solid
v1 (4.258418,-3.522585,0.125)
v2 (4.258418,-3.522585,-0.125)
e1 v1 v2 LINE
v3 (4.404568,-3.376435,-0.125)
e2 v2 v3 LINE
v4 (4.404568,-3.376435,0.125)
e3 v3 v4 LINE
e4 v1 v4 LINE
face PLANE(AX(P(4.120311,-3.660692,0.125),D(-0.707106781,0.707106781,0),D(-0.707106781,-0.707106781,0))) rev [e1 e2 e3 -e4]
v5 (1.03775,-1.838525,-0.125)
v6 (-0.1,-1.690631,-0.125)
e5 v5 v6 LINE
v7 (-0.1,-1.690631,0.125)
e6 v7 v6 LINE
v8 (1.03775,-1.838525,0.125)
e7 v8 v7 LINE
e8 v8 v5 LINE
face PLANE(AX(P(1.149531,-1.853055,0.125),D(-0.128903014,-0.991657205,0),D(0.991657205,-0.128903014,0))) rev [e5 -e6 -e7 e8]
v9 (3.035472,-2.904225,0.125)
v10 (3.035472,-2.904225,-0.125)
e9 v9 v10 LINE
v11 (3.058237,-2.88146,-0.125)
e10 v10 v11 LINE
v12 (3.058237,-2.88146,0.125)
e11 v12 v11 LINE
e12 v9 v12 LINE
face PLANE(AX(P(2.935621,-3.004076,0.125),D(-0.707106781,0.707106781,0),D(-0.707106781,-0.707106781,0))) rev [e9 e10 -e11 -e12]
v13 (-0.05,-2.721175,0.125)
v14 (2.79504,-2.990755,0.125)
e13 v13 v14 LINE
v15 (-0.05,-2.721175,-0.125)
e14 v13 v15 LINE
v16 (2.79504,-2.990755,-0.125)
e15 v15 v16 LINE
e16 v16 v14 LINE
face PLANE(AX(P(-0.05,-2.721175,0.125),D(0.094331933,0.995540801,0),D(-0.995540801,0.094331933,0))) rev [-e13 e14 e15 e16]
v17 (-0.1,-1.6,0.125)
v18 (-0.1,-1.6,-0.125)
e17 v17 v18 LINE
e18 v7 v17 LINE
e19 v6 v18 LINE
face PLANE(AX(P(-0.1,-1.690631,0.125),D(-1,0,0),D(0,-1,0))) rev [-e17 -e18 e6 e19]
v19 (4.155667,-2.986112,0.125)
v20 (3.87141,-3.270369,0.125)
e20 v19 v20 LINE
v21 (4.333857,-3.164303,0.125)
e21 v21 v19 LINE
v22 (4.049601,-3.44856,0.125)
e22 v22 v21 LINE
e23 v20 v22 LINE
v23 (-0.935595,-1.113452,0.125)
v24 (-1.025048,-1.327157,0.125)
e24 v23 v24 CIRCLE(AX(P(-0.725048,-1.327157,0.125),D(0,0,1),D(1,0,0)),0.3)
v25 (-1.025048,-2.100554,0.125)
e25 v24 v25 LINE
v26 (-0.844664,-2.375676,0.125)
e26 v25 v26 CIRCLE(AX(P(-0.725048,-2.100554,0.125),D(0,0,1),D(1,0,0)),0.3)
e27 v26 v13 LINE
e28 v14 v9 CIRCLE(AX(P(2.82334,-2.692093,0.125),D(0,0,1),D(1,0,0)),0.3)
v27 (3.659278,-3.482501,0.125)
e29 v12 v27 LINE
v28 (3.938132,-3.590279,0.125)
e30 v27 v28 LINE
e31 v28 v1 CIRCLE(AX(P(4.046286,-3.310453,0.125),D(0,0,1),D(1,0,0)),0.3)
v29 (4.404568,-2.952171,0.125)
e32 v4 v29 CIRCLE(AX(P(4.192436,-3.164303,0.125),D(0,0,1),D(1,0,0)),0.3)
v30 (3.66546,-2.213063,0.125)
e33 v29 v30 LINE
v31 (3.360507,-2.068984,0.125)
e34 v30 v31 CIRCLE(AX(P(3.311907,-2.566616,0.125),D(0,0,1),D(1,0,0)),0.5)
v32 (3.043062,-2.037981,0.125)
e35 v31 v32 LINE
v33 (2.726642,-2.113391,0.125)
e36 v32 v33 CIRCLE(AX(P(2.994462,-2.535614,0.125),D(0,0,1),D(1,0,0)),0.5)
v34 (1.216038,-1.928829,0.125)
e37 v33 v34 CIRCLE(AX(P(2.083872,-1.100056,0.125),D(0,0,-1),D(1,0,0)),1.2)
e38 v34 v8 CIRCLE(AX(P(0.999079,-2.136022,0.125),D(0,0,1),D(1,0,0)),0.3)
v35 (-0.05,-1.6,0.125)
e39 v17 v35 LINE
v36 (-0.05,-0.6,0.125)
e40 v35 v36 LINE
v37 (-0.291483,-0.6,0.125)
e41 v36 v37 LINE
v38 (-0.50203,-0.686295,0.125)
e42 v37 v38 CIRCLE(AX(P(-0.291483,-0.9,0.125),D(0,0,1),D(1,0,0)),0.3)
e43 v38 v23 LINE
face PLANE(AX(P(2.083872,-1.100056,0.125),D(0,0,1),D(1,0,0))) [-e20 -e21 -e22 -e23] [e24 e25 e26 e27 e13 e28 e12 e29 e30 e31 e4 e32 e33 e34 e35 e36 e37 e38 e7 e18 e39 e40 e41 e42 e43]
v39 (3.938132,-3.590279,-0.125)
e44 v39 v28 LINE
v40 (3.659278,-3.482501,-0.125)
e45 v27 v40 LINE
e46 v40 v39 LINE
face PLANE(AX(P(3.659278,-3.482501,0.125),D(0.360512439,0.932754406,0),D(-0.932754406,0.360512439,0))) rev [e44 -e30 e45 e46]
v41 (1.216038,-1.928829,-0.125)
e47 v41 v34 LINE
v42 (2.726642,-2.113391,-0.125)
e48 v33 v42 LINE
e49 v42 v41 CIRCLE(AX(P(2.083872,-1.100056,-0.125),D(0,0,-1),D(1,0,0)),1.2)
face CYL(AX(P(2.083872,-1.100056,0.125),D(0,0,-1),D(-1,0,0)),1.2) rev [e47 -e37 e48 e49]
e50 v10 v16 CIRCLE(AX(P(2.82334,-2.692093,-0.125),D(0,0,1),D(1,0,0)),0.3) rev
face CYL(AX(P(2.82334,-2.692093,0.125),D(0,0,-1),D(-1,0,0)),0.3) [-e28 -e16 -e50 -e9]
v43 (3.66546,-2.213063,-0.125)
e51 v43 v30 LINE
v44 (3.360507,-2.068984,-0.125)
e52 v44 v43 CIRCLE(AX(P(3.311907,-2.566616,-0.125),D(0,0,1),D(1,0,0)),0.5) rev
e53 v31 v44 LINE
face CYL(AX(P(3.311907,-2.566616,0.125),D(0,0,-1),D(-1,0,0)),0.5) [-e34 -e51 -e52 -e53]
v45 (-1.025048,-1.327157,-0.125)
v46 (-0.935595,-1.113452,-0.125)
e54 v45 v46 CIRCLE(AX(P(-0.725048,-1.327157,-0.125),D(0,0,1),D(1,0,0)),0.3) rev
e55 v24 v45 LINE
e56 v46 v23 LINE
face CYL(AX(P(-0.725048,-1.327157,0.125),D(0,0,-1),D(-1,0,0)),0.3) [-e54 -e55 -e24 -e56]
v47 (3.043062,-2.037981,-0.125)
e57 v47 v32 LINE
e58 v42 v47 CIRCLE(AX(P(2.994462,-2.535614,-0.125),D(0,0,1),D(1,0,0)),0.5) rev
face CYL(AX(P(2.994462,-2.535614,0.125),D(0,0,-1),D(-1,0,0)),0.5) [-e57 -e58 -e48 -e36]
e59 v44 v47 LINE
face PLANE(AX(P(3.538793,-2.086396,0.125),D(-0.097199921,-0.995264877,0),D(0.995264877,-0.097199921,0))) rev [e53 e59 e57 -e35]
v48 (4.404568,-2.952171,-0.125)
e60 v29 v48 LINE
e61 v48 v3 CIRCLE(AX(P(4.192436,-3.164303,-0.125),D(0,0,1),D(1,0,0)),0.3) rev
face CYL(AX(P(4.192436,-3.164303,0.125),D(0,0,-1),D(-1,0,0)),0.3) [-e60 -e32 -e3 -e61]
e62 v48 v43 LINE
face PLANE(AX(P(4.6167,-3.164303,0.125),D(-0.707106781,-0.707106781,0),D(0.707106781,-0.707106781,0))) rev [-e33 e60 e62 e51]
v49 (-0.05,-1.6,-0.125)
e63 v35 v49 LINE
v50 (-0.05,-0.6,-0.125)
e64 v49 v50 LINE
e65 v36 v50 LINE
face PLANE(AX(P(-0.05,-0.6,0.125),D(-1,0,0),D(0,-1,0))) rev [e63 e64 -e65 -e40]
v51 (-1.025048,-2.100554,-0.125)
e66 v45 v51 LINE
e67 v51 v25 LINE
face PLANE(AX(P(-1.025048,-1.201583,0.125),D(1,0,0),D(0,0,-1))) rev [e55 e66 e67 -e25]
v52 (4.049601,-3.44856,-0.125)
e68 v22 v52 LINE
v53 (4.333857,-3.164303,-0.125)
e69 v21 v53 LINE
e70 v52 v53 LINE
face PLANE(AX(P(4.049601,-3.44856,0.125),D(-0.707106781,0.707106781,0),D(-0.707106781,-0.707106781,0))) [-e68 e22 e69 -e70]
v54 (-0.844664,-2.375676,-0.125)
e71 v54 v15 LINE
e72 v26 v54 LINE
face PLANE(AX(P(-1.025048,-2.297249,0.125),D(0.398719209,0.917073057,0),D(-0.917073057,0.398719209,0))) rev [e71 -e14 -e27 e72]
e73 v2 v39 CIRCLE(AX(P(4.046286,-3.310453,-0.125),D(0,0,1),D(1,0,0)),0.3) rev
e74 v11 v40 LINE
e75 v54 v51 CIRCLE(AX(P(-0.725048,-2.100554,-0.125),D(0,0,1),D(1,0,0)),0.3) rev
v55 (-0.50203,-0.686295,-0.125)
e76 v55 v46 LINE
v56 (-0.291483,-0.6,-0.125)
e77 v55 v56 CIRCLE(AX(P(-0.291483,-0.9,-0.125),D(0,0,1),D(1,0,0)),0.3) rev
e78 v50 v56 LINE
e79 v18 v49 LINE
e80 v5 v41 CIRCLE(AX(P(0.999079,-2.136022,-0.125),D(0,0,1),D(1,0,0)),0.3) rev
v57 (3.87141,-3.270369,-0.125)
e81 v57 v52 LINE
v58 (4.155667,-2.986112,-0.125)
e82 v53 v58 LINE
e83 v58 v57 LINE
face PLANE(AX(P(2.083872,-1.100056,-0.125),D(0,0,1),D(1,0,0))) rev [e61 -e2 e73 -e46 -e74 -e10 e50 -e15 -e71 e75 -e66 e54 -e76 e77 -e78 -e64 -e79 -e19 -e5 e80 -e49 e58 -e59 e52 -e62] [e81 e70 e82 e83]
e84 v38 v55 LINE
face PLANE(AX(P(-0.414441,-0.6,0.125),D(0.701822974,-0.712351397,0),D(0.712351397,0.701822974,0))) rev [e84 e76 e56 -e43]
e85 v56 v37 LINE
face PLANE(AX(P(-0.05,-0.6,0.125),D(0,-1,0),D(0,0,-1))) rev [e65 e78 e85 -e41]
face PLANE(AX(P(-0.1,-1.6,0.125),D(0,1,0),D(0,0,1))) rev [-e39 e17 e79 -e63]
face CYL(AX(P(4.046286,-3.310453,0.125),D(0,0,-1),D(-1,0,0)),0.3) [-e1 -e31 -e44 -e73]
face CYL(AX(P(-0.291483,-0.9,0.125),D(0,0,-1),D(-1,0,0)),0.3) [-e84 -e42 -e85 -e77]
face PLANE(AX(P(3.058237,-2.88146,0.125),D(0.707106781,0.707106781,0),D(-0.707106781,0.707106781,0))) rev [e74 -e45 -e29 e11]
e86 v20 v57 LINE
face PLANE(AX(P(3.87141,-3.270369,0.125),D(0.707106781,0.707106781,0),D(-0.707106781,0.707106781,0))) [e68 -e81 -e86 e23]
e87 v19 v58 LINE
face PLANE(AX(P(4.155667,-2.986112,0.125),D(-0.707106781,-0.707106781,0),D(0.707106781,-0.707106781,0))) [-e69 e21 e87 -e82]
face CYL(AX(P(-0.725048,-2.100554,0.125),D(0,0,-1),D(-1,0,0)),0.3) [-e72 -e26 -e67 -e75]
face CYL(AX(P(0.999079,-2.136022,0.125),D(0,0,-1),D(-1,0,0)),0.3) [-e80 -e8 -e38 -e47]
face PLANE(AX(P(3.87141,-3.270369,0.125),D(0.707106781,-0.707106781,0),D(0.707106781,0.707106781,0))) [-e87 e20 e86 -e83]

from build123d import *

# Parameters (mm, degrees)
BOSS_EXTRUDE1_DEPTH = 0.125
FILLET1_R           = 0.3
FILLET2_R           = 0.5


with BuildPart() as part:
    # frame_outline → Boss-Extrude1 (new, symmetric)
    with BuildSketch(Plane.XY):
        with BuildLine():
            Line((-0.05, -0.6), (-0.05, -1.6))
            Line((-0.05, -1.6), (-0.1, -1.6))
            Line((-0.1, -1.6), (-0.1, -1.690631342))
            Line((-0.1, -1.690631342), (1.149530794, -1.853054692))
            ThreePointArc((1.149530794, -1.853054692), (1.967232196, -2.294374324), (2.854868829, -2.019602037))
            Line((2.854868829, -2.019602037), (3.538793019, -2.08639569))
            Line((3.538793019, -2.08639569), (4.616700174, -3.164302846))
            Line((4.616700174, -3.164302846), (4.120311214, -3.660691806))
            Line((4.120311214, -3.660691806), (3.659277593, -3.482500897))
            Line((3.659277593, -3.482500897), (3.058236829, -2.881460133))
            Line((3.058236829, -2.881460133), (2.935621241, -3.004075721))
            Line((2.935621241, -3.004075721), (-0.05, -2.721174788))
            Line((-0.05, -2.721174788), (-1.025048244, -2.297249495))
            Line((-1.025048244, -2.297249495), (-1.025048244, -1.201582707))
            Line((-1.025048244, -1.201582707), (-0.414440871, -0.6))
            Line((-0.414440871, -0.6), (-0.05, -0.6))
        make_face()
        Polygon((3.871409627, -3.270368863), (4.049600536, -3.448559772), (4.333857462, -3.164302846), (4.155666553, -2.986111937), align=None, mode=Mode.SUBTRACT)
    extrude(amount=BOSS_EXTRUDE1_DEPTH, both=True)

    # Fillet1
    fillet1_edges = [part.edges().sort_by_distance(p)[0] for p in [
        (-1.025048244, -1.201582707, 0),
        (-0.414440871, -0.6, 0),
        (1.149530794, -1.853054692, 0),
        (4.616700174, -3.164302846, 0),
        (4.120311214, -3.660691806, 0),
        (2.935621241, -3.004075721, 0),
        (-1.025048244, -2.297249495, 0),
    ]]
    fillet(fillet1_edges, radius=FILLET1_R)

    # Fillet2
    fillet2_edges = [part.edges().sort_by_distance(p)[0] for p in [
        (2.854868829, -2.019602037, 0),
        (3.538793019, -2.08639569, 0),
    ]]
    fillet(fillet2_edges, radius=FILLET2_R)


solid = part.part
